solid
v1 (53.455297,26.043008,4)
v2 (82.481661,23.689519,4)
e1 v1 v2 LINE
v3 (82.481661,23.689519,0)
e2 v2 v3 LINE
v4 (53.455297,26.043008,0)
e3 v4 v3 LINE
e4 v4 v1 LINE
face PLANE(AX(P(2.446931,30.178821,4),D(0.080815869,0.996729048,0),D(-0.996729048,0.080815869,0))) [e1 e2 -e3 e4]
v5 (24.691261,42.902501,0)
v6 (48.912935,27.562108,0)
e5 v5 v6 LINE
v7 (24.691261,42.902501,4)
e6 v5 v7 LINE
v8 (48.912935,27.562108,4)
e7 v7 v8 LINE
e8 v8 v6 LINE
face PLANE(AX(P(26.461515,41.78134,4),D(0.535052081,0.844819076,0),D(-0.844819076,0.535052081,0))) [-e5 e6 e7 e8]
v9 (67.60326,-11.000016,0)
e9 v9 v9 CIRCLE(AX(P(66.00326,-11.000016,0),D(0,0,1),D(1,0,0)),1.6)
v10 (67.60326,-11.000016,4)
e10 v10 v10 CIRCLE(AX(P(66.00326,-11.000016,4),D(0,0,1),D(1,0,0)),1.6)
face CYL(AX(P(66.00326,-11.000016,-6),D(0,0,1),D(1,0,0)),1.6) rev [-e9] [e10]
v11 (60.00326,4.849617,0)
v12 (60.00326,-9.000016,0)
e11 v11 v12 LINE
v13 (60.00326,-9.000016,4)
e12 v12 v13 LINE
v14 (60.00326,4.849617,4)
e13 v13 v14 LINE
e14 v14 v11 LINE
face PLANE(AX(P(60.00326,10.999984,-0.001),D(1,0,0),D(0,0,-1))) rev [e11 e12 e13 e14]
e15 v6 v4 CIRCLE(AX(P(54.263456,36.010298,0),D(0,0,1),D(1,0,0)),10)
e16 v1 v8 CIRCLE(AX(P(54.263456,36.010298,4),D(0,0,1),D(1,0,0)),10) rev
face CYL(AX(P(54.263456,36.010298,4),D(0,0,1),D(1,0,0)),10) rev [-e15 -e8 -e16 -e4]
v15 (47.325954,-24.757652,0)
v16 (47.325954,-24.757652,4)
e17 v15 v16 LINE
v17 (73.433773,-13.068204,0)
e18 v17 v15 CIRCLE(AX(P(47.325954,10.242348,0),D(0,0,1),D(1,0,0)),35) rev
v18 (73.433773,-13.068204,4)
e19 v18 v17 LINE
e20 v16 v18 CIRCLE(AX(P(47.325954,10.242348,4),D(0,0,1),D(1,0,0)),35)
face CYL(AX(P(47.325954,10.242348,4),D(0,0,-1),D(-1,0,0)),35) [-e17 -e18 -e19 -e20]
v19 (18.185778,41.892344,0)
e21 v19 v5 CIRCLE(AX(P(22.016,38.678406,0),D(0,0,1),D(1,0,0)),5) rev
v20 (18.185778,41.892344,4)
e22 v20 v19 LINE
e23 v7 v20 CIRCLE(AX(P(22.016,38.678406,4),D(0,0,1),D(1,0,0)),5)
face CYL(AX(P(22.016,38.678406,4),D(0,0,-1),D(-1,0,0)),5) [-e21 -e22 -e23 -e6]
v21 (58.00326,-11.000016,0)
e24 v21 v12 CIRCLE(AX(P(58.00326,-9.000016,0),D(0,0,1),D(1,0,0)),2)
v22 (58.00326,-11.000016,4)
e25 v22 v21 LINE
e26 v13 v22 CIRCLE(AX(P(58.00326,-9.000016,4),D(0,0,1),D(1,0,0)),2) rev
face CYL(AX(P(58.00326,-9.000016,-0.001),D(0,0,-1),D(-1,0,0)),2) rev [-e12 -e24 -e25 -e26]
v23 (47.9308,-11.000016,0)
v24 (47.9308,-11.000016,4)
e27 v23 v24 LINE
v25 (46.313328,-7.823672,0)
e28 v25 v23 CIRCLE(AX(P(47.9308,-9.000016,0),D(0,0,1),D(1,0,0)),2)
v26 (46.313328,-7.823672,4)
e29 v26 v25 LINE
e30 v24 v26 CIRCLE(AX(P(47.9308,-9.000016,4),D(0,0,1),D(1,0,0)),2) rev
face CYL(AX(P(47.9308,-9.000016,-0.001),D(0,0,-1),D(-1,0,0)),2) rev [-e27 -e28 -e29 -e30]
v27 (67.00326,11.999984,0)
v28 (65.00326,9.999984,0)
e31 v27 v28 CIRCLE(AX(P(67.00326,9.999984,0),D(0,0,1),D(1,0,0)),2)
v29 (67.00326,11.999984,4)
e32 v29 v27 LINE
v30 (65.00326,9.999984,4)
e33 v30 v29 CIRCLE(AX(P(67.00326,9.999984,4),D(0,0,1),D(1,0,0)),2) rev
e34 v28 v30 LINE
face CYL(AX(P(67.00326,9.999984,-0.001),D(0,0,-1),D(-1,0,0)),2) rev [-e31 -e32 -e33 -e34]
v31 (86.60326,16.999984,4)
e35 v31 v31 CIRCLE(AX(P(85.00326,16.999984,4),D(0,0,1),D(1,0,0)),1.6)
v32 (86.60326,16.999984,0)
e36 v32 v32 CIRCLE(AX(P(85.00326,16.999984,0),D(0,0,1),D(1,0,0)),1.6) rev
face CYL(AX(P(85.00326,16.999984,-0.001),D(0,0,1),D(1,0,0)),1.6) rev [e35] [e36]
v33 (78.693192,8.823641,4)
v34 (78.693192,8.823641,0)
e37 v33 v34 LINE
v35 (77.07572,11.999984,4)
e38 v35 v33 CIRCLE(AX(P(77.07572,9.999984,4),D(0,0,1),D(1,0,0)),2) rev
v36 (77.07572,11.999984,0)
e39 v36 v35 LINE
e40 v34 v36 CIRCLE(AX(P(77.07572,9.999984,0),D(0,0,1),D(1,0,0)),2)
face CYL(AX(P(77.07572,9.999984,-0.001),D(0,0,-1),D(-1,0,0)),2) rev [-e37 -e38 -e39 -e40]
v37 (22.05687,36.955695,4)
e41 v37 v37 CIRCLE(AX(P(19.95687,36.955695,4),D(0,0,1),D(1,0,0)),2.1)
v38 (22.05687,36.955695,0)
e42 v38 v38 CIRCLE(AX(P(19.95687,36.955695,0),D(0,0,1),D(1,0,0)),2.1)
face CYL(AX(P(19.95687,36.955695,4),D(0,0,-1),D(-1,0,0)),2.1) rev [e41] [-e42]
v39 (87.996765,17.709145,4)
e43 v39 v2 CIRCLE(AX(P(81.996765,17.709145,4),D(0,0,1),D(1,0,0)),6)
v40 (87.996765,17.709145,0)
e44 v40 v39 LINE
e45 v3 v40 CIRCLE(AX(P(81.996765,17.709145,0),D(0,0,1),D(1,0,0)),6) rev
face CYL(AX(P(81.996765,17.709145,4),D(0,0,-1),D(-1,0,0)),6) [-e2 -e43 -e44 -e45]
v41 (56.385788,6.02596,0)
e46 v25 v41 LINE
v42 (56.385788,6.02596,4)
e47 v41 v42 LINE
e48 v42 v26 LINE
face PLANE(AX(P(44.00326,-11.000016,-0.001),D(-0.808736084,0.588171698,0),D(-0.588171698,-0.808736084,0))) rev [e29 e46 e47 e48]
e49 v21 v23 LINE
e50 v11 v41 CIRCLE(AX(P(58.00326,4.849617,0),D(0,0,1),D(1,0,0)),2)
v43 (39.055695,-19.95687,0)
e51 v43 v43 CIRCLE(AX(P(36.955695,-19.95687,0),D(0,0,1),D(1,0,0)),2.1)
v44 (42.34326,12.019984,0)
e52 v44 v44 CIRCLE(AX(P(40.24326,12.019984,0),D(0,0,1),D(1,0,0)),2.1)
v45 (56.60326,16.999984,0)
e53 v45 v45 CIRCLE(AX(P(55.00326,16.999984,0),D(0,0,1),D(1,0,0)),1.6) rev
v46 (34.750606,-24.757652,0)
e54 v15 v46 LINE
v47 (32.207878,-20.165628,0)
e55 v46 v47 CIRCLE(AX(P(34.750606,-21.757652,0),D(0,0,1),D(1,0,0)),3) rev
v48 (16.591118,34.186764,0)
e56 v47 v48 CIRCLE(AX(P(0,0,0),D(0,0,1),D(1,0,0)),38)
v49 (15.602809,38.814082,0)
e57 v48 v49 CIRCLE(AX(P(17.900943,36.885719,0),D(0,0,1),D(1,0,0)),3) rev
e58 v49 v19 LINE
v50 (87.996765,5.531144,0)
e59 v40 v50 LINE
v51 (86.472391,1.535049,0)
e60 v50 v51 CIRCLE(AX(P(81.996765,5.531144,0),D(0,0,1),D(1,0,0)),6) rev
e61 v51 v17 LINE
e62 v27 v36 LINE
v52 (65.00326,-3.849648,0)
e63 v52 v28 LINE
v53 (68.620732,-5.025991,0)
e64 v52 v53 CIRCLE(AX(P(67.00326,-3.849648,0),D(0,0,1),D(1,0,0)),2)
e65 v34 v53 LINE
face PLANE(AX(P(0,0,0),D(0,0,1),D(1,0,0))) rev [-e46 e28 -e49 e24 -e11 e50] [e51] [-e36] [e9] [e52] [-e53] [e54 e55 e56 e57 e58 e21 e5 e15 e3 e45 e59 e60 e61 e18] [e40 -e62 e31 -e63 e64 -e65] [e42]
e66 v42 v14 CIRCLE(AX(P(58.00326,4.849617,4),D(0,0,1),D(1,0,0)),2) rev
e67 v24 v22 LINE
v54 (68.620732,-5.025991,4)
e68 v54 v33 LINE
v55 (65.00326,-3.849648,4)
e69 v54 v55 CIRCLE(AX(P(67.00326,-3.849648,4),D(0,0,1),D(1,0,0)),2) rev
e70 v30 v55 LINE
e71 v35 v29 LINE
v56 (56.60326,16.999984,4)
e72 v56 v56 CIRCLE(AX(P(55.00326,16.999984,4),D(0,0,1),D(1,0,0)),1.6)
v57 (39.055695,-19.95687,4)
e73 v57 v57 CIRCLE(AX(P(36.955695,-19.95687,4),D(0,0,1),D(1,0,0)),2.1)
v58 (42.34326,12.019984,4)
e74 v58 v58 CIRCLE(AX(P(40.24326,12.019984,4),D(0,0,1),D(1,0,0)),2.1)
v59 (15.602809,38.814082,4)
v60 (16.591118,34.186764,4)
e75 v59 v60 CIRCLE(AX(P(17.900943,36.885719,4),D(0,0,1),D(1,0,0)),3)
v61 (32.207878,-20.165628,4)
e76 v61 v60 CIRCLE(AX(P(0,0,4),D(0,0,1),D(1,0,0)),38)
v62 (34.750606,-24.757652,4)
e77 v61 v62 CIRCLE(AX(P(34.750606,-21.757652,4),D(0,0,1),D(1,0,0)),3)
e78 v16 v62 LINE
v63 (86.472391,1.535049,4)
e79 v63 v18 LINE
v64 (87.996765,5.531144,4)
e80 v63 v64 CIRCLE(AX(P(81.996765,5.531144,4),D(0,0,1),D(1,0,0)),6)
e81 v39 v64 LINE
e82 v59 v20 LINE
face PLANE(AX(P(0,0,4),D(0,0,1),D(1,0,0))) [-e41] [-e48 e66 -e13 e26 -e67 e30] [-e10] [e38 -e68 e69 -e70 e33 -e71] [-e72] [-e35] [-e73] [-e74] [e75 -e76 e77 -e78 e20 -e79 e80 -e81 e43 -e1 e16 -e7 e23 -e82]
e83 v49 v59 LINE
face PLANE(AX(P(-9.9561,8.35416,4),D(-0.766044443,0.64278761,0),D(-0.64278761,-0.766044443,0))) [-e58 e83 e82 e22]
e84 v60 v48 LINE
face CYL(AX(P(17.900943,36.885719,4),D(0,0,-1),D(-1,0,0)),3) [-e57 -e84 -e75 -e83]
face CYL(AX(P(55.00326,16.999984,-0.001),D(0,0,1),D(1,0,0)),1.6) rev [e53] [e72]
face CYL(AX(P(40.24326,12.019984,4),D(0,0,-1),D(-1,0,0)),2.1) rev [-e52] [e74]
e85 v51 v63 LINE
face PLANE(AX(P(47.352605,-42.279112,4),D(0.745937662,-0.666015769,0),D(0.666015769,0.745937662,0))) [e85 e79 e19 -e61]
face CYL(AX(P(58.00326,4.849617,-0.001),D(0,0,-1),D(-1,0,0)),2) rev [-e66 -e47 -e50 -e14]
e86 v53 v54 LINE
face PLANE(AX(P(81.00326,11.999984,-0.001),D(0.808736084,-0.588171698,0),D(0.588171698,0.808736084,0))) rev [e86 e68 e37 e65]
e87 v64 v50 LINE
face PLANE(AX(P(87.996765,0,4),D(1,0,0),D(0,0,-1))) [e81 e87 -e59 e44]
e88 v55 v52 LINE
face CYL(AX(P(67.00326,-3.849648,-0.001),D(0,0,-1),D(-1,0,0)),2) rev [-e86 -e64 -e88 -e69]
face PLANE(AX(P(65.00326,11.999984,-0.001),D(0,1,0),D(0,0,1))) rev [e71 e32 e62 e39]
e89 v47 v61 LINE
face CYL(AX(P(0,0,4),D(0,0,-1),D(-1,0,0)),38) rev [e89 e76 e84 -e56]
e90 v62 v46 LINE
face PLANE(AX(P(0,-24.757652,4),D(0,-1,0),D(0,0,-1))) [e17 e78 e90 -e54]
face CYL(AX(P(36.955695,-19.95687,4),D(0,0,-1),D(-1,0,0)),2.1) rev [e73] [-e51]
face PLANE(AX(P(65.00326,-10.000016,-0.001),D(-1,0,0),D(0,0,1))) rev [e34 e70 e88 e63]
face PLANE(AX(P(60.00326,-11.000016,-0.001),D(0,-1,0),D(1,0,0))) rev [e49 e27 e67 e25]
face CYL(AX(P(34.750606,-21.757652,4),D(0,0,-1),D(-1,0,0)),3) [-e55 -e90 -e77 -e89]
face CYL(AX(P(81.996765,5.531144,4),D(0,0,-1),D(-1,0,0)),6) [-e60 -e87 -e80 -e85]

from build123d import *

# Parameters (mm, degrees)
SKETCH_3_R          = 2.1
EXTRUDE_2_DEPTH     = 4
FILLET_1_R          = 5
FILLET_3_R          = 6
FILLET_4_R          = 10
FILLET_5_R          = 35
CUT_EXTRUDE_START   = -4
SKETCH_4_R          = 1.6
SKETCH_4_R_2        = 2.1
CUT_EXTRUDE_1_DEPTH = 4
SKETCH_5_R          = 1.6
CUT_EXTRUDE_2_DEPTH = 4
FILLET_7_R          = 2
FILLET_8_R          = 2
FILLET_9_R          = 3
SKETCH_7_R          = 1.6
CUT_EXTRUDE_3_DEPTH = 10


with BuildPart() as part:
    # 草图3 → 凸台-拉伸2 (new body)
    with BuildSketch(Plane.XY):
        with BuildLine():
            Line((20.996765446, 45.242348331), (12.996765446, 35.70831959))
            ThreePointArc((12.996765446, 35.70831959), (31.127777683, 21.795904581), (38, 0))
            ThreePointArc((38, 0), (35.633322615, -13.20099691), (28.828088452, -24.757651669))
            Line((28.828088452, -24.757651669), (62.996765446, -24.757651669))
            Line((62.996765446, -24.757651669), (87.996765446, 3.242348331))
            Line((87.996765446, 3.242348331), (87.996765446, 23.242348331))
            Line((87.996765446, 23.242348331), (50.996765446, 26.242348331))
            Line((50.996765446, 26.242348331), (20.996765446, 45.242348331))
        make_face()
        with Locations((36.955694518, -19.956869561)):
            Circle(SKETCH_3_R, mode=Mode.SUBTRACT)
        with Locations((19.956869561, 36.955694518)):
            Circle(SKETCH_3_R, mode=Mode.SUBTRACT)
        with Locations((40.243259995, 12.019984399)):
            Circle(SKETCH_3_R, mode=Mode.SUBTRACT)
    extrude(amount=EXTRUDE_2_DEPTH)

    # 圆角1
    fillet_1_edges = [part.edges().sort_by_distance(p)[0] for p in [
        (20.996765446, 45.242348331, 2),
    ]]
    fillet(fillet_1_edges, radius=FILLET_1_R)

    # 圆角3
    fillet_3_edges = [part.edges().sort_by_distance(p)[0] for p in [
        (87.996765446, 23.242348331, 2),
        (87.996765446, 3.242348331, 2),
    ]]
    fillet(fillet_3_edges, radius=FILLET_3_R)

    # 圆角4
    fillet_4_edges = [part.edges().sort_by_distance(p)[0] for p in [
        (50.996765446, 26.242348331, 2),
    ]]
    fillet(fillet_4_edges, radius=FILLET_4_R)

    # 圆角5
    fillet_5_edges = [part.edges().sort_by_distance(p)[0] for p in [
        (62.996765446, -24.757651669, 2),
    ]]
    fillet(fillet_5_edges, radius=FILLET_5_R)

    # 草图4 → 切除-拉伸1 (cut)
    with BuildSketch(Plane.XY.offset(4).offset(CUT_EXTRUDE_START)):
        with Locations((55.003259995, 16.999984399)):
            Circle(SKETCH_4_R)
        with Locations((40.243259995, 12.019984399)):
            Circle(SKETCH_4_R_2)
        with Locations((85.003259995, 16.999984399)):
            Circle(SKETCH_4_R)
    extrude(amount=CUT_EXTRUDE_1_DEPTH, mode=Mode.SUBTRACT)

    # 草图5 → 切除-拉伸2 (cut)
    with BuildSketch(Plane.XY.offset(4).offset(CUT_EXTRUDE_START)):
        with Locations((55.003259995, 16.999984399)):
            Circle(SKETCH_5_R)
        Polygon((65.003259995, 11.999984399), (81.003259995, 11.999984399), (65.003259995, -10.000015601), align=None)
        Polygon((60.003259995, 10.999984399), (60.003259995, -11.000015601), (44.003259995, -11.000015601), align=None)
    extrude(amount=CUT_EXTRUDE_2_DEPTH, mode=Mode.SUBTRACT)

    # 圆角7
    fillet_7_edges = [part.edges().sort_by_distance(p)[0] for p in [
        (65.003259995, 11.999984399, 2),
        (60.003259995, -11.000015601, 2),
    ]]
    fillet(fillet_7_edges, radius=FILLET_7_R)

    # 圆角8
    fillet_8_edges = [part.edges().sort_by_distance(p)[0] for p in [
        (65.003259995, -10.000015601, 2),
        (81.003259995, 11.999984399, 2),
        (44.003259995, -11.000015601, 2),
        (60.003259995, 10.999984399, 2),
    ]]
    fillet(fillet_8_edges, radius=FILLET_8_R)

    # 圆角9
    fillet_9_edges = [part.edges().sort_by_distance(p)[0] for p in [
        (12.996765446, 35.70831959, 2),
        (28.828088452, -24.757651669, 2),
    ]]
    fillet(fillet_9_edges, radius=FILLET_9_R)

    # 草图7 → 切除-拉伸3 (cut)
    with BuildSketch(Plane.XY.offset(4)):
        with Locations((66.003259995, -11.000015601)):
            Circle(SKETCH_7_R)
    extrude(amount=-CUT_EXTRUDE_3_DEPTH, mode=Mode.SUBTRACT)


solid = part.part
